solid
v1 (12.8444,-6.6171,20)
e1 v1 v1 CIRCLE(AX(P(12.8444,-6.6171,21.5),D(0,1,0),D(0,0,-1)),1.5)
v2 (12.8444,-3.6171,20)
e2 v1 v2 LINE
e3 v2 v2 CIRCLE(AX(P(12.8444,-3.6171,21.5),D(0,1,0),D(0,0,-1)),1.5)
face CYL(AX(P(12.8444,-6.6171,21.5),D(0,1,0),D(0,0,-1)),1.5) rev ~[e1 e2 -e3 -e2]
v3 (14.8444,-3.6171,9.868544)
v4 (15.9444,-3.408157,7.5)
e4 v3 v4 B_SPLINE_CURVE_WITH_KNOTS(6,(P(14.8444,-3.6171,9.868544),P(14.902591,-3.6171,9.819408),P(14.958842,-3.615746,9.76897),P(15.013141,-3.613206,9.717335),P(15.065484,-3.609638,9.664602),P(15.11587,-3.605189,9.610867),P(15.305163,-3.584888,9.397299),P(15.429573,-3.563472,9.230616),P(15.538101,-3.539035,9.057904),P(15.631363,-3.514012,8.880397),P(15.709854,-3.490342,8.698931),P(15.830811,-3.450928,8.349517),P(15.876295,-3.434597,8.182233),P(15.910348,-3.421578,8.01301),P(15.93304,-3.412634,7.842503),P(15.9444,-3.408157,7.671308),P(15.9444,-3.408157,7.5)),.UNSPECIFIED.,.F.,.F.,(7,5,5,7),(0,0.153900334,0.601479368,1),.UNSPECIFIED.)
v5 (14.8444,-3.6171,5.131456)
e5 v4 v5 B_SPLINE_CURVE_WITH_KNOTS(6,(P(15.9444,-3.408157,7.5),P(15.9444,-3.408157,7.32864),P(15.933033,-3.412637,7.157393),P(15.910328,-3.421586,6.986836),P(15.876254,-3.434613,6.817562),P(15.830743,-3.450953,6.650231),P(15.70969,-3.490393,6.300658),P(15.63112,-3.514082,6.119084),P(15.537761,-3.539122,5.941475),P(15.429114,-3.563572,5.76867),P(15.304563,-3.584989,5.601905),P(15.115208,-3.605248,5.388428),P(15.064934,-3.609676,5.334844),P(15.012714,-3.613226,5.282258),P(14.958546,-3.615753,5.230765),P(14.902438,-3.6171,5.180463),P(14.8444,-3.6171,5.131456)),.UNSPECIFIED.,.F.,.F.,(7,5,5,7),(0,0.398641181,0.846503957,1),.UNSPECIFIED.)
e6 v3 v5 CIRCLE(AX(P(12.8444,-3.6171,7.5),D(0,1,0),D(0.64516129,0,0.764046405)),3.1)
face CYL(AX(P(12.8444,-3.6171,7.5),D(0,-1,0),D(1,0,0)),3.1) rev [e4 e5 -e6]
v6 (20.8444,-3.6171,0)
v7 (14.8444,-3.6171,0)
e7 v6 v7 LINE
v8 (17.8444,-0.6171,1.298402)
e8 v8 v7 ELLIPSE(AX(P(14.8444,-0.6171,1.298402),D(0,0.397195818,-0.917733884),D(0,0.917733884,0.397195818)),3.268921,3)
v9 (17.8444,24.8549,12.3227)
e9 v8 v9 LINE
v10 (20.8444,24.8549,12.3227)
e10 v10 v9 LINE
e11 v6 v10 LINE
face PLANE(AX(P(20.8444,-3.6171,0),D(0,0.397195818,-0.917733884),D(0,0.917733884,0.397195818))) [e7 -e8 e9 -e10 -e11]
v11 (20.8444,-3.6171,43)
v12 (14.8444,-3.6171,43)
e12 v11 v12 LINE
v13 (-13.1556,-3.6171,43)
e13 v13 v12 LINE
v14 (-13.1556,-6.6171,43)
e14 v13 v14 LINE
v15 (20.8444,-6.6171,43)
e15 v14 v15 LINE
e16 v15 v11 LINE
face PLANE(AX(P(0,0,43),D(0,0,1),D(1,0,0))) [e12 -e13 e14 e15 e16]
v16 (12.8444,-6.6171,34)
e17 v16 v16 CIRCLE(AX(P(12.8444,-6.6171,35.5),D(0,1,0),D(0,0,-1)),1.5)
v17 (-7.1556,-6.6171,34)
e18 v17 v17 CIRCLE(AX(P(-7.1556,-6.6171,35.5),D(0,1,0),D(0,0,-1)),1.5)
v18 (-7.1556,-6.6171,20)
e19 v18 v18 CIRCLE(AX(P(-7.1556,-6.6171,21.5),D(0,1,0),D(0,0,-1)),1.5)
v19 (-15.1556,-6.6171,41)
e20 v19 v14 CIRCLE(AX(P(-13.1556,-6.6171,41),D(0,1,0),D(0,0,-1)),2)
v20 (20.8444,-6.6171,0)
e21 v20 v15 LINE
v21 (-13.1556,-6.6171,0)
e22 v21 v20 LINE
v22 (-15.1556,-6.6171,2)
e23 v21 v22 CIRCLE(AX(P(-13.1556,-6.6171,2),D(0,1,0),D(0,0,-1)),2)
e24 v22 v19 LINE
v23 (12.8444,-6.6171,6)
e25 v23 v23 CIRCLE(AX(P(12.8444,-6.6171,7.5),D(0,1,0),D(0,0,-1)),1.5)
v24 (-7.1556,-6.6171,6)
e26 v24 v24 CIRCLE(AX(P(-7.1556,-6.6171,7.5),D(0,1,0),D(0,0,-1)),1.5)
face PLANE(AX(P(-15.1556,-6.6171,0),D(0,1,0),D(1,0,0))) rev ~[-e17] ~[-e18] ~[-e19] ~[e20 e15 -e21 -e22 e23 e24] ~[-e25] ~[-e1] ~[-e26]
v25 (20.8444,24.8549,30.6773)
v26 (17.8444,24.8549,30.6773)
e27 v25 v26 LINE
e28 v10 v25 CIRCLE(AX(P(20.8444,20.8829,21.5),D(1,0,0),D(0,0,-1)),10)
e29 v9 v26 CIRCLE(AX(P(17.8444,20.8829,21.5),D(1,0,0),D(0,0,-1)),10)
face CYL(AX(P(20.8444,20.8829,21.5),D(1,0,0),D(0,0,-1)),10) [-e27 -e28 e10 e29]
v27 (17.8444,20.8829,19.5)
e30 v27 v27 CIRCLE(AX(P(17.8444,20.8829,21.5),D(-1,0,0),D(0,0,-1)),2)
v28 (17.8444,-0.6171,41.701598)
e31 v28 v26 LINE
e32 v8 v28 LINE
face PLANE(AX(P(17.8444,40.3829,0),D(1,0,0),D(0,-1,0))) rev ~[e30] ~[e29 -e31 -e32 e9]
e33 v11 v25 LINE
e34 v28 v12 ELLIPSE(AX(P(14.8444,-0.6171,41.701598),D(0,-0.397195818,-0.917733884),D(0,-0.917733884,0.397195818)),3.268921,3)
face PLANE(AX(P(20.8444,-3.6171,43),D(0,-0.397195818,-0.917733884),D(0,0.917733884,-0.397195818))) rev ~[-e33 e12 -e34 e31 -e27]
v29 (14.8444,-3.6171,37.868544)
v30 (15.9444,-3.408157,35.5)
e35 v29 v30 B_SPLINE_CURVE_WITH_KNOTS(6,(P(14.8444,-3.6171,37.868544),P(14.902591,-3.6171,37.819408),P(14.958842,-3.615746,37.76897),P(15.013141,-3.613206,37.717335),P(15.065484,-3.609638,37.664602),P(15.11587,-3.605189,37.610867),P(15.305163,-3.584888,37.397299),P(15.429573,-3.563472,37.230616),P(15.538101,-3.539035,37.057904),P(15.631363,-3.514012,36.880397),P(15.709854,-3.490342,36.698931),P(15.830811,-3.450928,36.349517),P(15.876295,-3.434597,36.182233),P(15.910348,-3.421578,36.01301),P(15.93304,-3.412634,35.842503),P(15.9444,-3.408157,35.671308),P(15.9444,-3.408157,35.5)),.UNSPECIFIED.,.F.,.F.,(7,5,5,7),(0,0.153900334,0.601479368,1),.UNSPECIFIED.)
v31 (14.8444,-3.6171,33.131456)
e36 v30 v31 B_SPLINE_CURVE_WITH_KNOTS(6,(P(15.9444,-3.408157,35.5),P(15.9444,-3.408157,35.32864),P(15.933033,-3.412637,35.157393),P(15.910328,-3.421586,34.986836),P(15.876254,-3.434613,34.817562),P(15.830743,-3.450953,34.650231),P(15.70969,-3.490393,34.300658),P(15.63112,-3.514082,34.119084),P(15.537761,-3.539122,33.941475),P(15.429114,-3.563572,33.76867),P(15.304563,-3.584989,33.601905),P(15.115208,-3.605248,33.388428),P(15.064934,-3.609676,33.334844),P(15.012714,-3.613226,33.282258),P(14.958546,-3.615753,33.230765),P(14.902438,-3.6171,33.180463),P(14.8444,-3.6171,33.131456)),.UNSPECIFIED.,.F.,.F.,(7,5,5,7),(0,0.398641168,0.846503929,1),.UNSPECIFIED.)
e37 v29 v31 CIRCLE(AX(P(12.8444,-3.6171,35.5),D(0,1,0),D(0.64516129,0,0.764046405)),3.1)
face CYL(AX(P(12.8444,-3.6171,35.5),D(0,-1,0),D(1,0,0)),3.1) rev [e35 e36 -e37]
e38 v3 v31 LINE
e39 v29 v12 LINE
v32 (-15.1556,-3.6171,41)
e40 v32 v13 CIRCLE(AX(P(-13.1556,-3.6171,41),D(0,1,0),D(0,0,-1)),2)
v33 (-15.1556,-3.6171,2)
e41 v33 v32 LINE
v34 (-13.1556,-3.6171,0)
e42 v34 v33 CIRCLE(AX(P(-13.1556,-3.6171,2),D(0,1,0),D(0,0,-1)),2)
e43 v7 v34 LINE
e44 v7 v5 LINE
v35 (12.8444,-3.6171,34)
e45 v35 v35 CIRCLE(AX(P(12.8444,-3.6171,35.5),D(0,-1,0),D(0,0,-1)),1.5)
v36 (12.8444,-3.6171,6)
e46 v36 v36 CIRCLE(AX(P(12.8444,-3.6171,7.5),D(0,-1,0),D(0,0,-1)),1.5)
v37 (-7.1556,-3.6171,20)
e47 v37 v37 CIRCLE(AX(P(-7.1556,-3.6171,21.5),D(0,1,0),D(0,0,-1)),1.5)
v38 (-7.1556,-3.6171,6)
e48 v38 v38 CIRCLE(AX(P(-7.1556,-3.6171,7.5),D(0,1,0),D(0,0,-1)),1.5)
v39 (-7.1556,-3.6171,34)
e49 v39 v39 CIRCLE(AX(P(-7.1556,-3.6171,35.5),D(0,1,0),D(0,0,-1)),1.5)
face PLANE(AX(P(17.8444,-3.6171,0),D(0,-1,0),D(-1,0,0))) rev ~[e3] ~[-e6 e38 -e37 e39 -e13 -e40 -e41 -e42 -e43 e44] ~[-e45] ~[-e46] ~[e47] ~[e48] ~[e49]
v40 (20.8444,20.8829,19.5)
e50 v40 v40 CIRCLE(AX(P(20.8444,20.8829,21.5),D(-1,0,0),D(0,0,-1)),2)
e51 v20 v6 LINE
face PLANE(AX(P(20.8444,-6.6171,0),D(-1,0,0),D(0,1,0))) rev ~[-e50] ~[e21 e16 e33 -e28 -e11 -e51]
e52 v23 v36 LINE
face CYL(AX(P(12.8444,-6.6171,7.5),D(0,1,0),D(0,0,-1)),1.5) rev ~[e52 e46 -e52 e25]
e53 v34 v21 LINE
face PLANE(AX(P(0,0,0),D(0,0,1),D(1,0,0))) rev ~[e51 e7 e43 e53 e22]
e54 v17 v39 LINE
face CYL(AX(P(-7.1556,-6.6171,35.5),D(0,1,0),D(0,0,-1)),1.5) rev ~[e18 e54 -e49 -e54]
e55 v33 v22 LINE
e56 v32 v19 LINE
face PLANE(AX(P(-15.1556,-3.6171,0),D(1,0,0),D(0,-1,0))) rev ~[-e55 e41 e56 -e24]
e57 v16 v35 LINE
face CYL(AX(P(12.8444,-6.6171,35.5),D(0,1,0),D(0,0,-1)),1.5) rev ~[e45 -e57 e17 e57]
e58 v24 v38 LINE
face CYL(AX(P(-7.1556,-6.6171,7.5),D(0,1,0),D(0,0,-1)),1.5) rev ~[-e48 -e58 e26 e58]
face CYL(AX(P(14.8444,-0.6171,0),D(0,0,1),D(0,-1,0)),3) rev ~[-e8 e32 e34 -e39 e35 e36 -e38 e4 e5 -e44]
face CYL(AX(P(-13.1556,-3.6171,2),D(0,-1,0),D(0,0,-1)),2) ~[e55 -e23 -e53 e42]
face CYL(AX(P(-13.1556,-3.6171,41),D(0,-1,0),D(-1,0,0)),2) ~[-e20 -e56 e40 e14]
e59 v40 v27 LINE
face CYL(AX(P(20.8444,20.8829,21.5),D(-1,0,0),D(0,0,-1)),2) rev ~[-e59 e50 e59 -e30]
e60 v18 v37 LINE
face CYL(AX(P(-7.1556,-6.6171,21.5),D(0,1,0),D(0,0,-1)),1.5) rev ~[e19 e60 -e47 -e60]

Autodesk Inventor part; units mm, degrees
ref_plane "YZ Plane" through (0, 0, 0) normal (1, 0, 0) x (0, 1, 0)
ref_plane "XZ Plane" through (0, 0, 0) normal (0, 1, 0) x (-1, 0, 0)
ref_plane "XY Plane" through (0, 0, 0) normal (0, 0, 1) x (1, 0, 0)
sketch "Szkic1" plane through (0, 0, 0) normal (0, 0, 1) x (1, 0, 0)
  line L0 (-15.1556, -3.6171) -> (-15.1556, -6.6171)
  line L1 (-15.1556, -6.6171) -> (20.8444, -6.6171)
  line L2 (20.8444, -6.6171) -> (20.8444, 40.3829)
  line L3 (20.8444, 40.3829) -> (17.8444, 40.3829)
  line L4 (17.8444, 40.3829) -> (17.8444, -3.6171)
  line L5 (17.8444, -3.6171) -> (-15.1556, -3.6171)
  point P0 (0, 0)
  dimension "d0" = 3
  dimension "d1" = 36
  dimension "d2" = 47
  dimension "d3" = 3
extrude "Wyciągnięcie proste1" add sketch "Szkic1" along normal blind 43
fillet "Zaokrąglenie1" radius 3 1 edges at (17.8444, -3.6171, 21.5)
fillet "Zaokrąglenie2" radius 2 2 edges at (-15.1556, -5.1171, 0) (-15.1556, -5.1171, 43)
sketch "Szkic3" plane through (20.8444, -6.6171, 0) normal (0, -1, 0) x (1, 0, 0)
  arc A0 (-34, 43) -> (-36, 41) centre (-34, 41) ccw projected
  line L0 (-36, 2) -> (-36, 41) projected
  arc A1 (-36, 2) -> (-34, 0) centre (-34, 2) ccw projected
  line L1 (-34, 0) -> (0, 0) projected
  line L2 (0, 0) -> (0, 43) projected
  line L3 (-34, 43) -> (0, 43) projected
  point P0 (-20.8444, 0)
  point P1 (-28, 35.5)
  point P2 (-8, 35.5)
  point P3 (-28, 7.5)
  point P4 (-8, 7.5)
  dimension "d40" = 20
  dimension "d41" = 20
  dimension "d42" = 36
  dimension "d43" = 8
  dimension "d44" = 8
  dimension "d45" = 7.5
  dimension "d46" = 7.5
  dimension "d47" = 7.5
  dimension "d48" = 7.5
hole "Otwór3" at (-7.1556, -6.6171, 35.5) at (12.8444, -6.6171, 35.5) at (-7.1556, -6.6171, 7.5) at (12.8444, -6.6171, 7.5) direction (0, 1, 0) diameter 3 end through all
sketch "Szkic4" plane through (20.8444, -6.6171, 0) normal (1, 0, 0) x (0, 0, -1)
  line L0 (0, 0) -> (0, 47) projected
  line L1 (0, 47) -> (-43, 47) projected
  line L2 (-43, 0) -> (-43, 47) projected
  line L3 (0, 0) -> (-43, 0) projected
  line L4 (0, 3) -> (-43, 3) projected
  circle A0 centre (-21.5, 27.5) radius 10
  line L5 (-43, 3) -> (-30.6773, 31.472)
  line L6 (0, 3) -> (-12.3227, 31.472)
  point P0 (0, 6.6171)
  dimension "d57" = 43
  dimension "d58" = 21.5
  dimension "d59" = 27.5
  dimension "d60" = 20
extrude "Wyciągnięcie proste4" cut sketch "Szkic4" against normal blind 10 contours L6 A0 L5 L2 L1 L0
hole "Otwór4" at (20.8444, 20.8829, 21.5) direction (-1, 0, 0) diameter 4 end through all
sketch "Szkic5" plane through (-15.1556, -3.6171, 41) normal (0, 1, 0) x (1, 0, 0)
  circle A0 centre (28, 5.5) radius 1.5 projected
  circle A1 centre (28, 33.5) radius 1.5 projected
  circle A2 centre (28, 5.5) radius 3.1
  circle A3 centre (28, 33.5) radius 1.5 projected
  circle A4 centre (28, 33.5) radius 3.1
  point P0 (15.1556, 41)
  dimension "d70" = 6.2
  dimension "d71" = 6.2
extrude "Wyciągnięcie proste5" cut sketch "Szkic5" along normal blind 10
sketch "Szkic6" plane through (20.8444, -6.6171, 0) normal (0, -1, 0) x (1, 0, 0)
  circle A0 centre (-28, 7.5) radius 1.5 projected
  circle A1 centre (-28, 35.5) radius 1.5 projected
  circle A2 centre (-8, 35.5) radius 1.5 projected
  circle A3 centre (-8, 7.5) radius 1.5 projected
  arc A4 (-34, 43) -> (-36, 41) centre (-34, 41) ccw projected
  line L0 (-36, 2) -> (-36, 41) projected
  arc A5 (-36, 2) -> (-34, 0) centre (-34, 2) ccw projected
  line L1 (-34, 0) -> (0, 0) projected
  line L2 (0, 0) -> (0, 43) projected
  line L3 (-34, 43) -> (0, 43) projected
  point P0 (-20.8444, 0)
  point P1 (-28, 21.5)
  point P2 (-8, 21.5)
  dimension "d74" = 14
  dimension "d75" = 14
  dimension "d76" = 14
  dimension "d77" = 14
hole "Otwór5" at (-7.1556, -6.6171, 21.5) at (12.8444, -6.6171, 21.5) direction (0, 1, 0) diameter 3 end through all
equation "\"d41\" = d40"
equation "\"d43\" = -0.5 * d40 + 0.5 * d42"
equation "\"d44\" = d43"
equation "\"d46\" = d45"
equation "\"d47\" = d45"
equation "\"d48\" = d47"
equation "\"d58\" = 0.5 * d57"
properties part number "CNCM_ALU_X_Axis_Idler_Mounting_Bracket"
